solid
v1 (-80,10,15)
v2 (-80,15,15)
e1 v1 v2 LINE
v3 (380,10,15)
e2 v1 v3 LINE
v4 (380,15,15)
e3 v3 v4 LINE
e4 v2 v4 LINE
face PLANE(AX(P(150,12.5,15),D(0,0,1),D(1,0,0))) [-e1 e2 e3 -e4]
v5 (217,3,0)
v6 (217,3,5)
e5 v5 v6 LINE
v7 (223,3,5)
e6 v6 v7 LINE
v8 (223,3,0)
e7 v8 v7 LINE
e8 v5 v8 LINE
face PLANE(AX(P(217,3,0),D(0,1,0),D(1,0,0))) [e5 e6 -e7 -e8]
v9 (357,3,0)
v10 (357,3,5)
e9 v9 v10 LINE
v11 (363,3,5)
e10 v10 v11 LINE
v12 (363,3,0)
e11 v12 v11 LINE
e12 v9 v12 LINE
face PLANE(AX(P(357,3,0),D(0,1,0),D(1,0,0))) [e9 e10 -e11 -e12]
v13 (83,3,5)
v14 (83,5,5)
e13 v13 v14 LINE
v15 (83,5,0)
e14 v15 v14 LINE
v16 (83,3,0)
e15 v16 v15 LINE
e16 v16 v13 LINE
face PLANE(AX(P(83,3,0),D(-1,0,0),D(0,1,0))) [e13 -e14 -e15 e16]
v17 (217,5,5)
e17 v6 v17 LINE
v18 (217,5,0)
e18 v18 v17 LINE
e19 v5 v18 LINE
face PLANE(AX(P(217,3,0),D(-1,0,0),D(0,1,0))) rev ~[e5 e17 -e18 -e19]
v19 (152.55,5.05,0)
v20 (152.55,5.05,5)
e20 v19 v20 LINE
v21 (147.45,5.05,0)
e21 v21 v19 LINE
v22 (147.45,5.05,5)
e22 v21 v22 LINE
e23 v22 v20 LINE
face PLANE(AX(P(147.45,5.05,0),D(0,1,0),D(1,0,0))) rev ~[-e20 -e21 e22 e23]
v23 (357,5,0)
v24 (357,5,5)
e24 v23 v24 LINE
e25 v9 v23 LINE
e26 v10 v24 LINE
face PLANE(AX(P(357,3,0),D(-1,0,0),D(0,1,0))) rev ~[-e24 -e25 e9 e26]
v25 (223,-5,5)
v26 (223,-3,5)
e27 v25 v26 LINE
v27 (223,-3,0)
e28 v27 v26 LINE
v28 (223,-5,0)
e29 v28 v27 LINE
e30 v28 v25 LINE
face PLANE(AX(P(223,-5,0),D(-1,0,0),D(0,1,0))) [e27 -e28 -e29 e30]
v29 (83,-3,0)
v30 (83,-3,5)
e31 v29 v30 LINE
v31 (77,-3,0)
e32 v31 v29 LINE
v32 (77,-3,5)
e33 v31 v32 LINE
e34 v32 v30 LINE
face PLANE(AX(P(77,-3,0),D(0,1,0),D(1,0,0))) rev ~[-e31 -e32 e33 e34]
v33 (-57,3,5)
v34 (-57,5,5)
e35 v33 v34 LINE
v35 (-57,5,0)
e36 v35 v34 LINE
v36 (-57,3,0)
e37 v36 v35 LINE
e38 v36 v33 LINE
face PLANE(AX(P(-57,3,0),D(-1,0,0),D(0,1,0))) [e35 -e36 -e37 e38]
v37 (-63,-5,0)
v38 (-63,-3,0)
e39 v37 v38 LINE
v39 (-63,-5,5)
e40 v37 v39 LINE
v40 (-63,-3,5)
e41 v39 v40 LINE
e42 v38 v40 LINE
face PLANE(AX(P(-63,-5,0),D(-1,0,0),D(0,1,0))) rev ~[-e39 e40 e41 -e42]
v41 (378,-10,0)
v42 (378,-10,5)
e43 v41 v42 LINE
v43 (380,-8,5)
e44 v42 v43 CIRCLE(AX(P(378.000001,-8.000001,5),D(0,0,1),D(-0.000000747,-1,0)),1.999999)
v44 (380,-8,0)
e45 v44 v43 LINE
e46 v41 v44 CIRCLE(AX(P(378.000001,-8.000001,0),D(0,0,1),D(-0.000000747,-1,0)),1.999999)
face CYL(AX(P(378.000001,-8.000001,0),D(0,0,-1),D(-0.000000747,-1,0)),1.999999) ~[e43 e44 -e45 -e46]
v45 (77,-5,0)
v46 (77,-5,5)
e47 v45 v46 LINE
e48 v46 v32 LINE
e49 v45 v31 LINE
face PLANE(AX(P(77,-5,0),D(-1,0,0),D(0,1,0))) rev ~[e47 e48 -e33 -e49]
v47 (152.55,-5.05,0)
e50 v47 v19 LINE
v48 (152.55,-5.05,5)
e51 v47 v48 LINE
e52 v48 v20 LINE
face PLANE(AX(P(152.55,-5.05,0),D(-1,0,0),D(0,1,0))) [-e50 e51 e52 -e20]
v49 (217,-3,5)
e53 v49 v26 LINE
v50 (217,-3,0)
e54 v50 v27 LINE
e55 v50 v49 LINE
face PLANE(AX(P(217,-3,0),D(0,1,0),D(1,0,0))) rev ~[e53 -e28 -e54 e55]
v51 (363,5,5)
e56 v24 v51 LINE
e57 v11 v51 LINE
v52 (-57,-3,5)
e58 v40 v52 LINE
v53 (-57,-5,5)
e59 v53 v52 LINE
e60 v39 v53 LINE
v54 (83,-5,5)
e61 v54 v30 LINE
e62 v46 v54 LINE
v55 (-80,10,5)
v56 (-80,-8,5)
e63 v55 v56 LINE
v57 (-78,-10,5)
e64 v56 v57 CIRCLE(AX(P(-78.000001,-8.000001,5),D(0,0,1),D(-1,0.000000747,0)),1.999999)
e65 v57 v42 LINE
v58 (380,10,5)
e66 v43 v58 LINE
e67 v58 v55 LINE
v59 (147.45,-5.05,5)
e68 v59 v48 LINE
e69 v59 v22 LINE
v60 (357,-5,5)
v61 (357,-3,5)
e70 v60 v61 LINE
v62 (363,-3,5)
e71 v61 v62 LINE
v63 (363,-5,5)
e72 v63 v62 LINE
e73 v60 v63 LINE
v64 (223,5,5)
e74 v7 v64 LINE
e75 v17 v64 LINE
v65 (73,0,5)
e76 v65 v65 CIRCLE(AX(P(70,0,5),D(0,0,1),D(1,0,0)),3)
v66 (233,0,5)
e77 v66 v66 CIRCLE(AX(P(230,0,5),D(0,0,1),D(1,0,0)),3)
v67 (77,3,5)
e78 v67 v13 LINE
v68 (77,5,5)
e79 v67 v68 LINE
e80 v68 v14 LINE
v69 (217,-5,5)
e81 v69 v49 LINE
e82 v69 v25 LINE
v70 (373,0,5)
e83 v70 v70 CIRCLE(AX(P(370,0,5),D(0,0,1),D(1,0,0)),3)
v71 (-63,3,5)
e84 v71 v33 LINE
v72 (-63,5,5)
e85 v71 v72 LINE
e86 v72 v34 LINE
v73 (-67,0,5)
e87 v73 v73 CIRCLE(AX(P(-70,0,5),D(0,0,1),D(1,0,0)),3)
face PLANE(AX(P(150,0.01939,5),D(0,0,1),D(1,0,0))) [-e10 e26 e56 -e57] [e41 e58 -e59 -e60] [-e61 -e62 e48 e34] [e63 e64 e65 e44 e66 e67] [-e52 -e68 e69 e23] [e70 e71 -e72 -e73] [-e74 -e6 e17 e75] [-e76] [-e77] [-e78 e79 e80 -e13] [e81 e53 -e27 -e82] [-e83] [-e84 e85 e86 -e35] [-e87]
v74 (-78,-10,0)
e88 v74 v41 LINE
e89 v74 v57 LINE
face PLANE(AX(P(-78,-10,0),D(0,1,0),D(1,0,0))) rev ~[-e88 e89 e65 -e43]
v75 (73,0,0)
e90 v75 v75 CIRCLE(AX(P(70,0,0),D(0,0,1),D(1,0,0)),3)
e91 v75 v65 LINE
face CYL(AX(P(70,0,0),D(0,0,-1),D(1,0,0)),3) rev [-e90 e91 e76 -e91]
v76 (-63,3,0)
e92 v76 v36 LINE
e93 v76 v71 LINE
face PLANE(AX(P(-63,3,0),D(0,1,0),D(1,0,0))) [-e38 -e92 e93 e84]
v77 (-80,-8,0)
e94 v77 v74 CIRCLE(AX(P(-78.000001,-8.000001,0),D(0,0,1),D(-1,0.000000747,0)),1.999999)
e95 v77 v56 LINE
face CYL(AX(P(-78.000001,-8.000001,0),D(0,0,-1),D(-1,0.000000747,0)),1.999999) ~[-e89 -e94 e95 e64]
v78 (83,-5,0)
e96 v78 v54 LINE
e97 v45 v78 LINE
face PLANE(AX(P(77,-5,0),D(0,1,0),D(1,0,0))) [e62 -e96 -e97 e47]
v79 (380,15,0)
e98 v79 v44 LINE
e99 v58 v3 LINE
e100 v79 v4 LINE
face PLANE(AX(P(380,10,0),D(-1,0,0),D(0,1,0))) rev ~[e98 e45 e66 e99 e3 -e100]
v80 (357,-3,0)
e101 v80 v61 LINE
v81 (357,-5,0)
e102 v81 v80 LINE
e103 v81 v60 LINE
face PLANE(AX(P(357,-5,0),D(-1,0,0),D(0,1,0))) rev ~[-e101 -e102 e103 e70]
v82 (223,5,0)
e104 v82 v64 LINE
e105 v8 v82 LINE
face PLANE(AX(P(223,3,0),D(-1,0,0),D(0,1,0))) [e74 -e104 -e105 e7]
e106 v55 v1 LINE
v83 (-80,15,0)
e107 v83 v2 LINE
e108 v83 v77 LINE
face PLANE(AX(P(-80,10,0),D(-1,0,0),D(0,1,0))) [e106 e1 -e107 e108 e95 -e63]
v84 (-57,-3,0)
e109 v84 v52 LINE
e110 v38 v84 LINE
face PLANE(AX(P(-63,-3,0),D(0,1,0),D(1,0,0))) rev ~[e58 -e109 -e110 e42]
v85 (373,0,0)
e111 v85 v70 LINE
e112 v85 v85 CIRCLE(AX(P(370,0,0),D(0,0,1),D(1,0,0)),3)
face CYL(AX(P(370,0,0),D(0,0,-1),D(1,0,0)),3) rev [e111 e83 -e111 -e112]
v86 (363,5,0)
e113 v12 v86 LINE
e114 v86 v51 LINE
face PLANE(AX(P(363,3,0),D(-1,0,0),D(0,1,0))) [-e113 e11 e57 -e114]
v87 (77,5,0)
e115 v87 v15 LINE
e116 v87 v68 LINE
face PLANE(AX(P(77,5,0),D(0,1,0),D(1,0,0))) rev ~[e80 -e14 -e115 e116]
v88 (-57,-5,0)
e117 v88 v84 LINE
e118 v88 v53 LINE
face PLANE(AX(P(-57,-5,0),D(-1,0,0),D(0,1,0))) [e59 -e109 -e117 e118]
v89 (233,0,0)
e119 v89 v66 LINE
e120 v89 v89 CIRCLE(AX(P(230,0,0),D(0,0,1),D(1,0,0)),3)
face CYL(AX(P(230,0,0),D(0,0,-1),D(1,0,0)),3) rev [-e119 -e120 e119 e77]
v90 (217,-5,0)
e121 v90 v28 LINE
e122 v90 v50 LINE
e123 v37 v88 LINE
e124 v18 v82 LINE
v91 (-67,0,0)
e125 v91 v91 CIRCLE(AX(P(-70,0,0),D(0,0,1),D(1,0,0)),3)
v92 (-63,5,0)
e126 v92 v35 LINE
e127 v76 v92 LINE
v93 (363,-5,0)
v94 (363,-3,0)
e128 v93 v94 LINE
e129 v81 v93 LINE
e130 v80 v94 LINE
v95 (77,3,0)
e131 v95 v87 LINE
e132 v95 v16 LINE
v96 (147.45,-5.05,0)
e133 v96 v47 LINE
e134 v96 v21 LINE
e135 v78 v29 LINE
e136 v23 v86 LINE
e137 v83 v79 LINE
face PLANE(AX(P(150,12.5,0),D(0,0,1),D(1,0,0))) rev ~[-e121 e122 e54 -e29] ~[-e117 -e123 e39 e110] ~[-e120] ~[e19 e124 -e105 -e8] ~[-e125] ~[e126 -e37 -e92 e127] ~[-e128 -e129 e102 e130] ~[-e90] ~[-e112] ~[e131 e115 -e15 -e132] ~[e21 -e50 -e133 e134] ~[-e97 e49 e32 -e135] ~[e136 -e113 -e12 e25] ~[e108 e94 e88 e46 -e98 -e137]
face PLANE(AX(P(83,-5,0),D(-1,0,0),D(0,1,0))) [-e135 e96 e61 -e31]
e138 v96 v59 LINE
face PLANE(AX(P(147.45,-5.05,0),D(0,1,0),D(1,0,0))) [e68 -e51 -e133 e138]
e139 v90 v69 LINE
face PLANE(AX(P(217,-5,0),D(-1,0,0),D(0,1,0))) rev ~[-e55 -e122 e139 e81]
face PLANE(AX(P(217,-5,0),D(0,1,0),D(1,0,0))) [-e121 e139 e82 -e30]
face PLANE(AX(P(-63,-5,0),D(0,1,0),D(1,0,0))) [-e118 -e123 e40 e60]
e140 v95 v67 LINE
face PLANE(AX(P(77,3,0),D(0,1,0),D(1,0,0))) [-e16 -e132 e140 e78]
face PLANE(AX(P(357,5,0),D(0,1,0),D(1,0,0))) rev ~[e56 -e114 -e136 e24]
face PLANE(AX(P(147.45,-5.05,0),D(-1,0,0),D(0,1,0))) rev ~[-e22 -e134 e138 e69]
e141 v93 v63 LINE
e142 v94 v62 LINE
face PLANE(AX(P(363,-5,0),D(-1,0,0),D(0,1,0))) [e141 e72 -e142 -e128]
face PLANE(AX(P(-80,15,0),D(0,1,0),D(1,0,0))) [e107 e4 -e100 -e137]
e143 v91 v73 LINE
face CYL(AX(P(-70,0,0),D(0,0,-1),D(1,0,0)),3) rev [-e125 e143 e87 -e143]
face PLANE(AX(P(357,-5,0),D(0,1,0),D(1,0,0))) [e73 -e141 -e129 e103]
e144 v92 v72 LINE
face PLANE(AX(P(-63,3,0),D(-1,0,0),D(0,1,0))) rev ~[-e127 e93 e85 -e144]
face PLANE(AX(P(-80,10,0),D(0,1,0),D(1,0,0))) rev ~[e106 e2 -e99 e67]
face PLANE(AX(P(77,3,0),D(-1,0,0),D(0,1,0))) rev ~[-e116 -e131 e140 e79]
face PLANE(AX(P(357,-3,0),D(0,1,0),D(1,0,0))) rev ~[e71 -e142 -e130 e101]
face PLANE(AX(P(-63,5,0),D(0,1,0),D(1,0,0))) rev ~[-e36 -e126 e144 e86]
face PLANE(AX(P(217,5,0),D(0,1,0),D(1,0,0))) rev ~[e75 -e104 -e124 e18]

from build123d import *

# Parameters (mm, degrees)
F0_W     = 6
F0_H     = 2
F0_R     = 3
F0_W_2   = 5.1
F0_H_2   = 10.1
F1_DEPTH = 5
F0_W_3   = 460
F0_H_3   = 5
F2_DEPTH = 15


with BuildPart() as f1:
    # F0 (on Top) → F1 (new body)
    with BuildSketch(Plane.XY):
        with BuildLine():
            ThreePointArc((-80, -8), (-79.414214, -9.414214), (-78, -10))
            Line((-78, -10), (378, -10))
            ThreePointArc((378, -10), (379.414214, -9.414214), (380, -8))
            Line((380, -8), (380, 10))
            Line((380, 10), (-80, 10))
            Line((-80, 10), (-80, -8))
        make_face()
        with Locations((-60, -4)):
            Rectangle(F0_W, F0_H, mode=Mode.SUBTRACT)
        with Locations((80, -4)):
            Rectangle(F0_W, F0_H, mode=Mode.SUBTRACT)
        with Locations((-70, 0)):
            Circle(F0_R, mode=Mode.SUBTRACT)
        with Locations((70, 0)):
            Circle(F0_R, mode=Mode.SUBTRACT)
        with Locations((220, -4)):
            Rectangle(F0_W, F0_H, mode=Mode.SUBTRACT)
        with Locations((360, -4)):
            Rectangle(F0_W, F0_H, mode=Mode.SUBTRACT)
        with Locations((150, 0)):
            Rectangle(F0_W_2, F0_H_2, mode=Mode.SUBTRACT)
        with Locations((230, 0)):
            Circle(F0_R, mode=Mode.SUBTRACT)
        with Locations((370, 0)):
            Circle(F0_R, mode=Mode.SUBTRACT)
        with Locations((-60, 4)):
            Rectangle(F0_W, F0_H, mode=Mode.SUBTRACT)
        with Locations((80, 4)):
            Rectangle(F0_W, F0_H, mode=Mode.SUBTRACT)
        with Locations((220, 4)):
            Rectangle(F0_W, F0_H, mode=Mode.SUBTRACT)
        with Locations((360, 4)):
            Rectangle(F0_W, F0_H, mode=Mode.SUBTRACT)
    extrude(amount=F1_DEPTH)

    # F0 (on Top) → F2 (join)
    with BuildSketch(Plane.XY):
        with Locations((150, 12.5)):
            Rectangle(F0_W_3, F0_H_3)
    extrude(amount=F2_DEPTH)


solid = f1.part
